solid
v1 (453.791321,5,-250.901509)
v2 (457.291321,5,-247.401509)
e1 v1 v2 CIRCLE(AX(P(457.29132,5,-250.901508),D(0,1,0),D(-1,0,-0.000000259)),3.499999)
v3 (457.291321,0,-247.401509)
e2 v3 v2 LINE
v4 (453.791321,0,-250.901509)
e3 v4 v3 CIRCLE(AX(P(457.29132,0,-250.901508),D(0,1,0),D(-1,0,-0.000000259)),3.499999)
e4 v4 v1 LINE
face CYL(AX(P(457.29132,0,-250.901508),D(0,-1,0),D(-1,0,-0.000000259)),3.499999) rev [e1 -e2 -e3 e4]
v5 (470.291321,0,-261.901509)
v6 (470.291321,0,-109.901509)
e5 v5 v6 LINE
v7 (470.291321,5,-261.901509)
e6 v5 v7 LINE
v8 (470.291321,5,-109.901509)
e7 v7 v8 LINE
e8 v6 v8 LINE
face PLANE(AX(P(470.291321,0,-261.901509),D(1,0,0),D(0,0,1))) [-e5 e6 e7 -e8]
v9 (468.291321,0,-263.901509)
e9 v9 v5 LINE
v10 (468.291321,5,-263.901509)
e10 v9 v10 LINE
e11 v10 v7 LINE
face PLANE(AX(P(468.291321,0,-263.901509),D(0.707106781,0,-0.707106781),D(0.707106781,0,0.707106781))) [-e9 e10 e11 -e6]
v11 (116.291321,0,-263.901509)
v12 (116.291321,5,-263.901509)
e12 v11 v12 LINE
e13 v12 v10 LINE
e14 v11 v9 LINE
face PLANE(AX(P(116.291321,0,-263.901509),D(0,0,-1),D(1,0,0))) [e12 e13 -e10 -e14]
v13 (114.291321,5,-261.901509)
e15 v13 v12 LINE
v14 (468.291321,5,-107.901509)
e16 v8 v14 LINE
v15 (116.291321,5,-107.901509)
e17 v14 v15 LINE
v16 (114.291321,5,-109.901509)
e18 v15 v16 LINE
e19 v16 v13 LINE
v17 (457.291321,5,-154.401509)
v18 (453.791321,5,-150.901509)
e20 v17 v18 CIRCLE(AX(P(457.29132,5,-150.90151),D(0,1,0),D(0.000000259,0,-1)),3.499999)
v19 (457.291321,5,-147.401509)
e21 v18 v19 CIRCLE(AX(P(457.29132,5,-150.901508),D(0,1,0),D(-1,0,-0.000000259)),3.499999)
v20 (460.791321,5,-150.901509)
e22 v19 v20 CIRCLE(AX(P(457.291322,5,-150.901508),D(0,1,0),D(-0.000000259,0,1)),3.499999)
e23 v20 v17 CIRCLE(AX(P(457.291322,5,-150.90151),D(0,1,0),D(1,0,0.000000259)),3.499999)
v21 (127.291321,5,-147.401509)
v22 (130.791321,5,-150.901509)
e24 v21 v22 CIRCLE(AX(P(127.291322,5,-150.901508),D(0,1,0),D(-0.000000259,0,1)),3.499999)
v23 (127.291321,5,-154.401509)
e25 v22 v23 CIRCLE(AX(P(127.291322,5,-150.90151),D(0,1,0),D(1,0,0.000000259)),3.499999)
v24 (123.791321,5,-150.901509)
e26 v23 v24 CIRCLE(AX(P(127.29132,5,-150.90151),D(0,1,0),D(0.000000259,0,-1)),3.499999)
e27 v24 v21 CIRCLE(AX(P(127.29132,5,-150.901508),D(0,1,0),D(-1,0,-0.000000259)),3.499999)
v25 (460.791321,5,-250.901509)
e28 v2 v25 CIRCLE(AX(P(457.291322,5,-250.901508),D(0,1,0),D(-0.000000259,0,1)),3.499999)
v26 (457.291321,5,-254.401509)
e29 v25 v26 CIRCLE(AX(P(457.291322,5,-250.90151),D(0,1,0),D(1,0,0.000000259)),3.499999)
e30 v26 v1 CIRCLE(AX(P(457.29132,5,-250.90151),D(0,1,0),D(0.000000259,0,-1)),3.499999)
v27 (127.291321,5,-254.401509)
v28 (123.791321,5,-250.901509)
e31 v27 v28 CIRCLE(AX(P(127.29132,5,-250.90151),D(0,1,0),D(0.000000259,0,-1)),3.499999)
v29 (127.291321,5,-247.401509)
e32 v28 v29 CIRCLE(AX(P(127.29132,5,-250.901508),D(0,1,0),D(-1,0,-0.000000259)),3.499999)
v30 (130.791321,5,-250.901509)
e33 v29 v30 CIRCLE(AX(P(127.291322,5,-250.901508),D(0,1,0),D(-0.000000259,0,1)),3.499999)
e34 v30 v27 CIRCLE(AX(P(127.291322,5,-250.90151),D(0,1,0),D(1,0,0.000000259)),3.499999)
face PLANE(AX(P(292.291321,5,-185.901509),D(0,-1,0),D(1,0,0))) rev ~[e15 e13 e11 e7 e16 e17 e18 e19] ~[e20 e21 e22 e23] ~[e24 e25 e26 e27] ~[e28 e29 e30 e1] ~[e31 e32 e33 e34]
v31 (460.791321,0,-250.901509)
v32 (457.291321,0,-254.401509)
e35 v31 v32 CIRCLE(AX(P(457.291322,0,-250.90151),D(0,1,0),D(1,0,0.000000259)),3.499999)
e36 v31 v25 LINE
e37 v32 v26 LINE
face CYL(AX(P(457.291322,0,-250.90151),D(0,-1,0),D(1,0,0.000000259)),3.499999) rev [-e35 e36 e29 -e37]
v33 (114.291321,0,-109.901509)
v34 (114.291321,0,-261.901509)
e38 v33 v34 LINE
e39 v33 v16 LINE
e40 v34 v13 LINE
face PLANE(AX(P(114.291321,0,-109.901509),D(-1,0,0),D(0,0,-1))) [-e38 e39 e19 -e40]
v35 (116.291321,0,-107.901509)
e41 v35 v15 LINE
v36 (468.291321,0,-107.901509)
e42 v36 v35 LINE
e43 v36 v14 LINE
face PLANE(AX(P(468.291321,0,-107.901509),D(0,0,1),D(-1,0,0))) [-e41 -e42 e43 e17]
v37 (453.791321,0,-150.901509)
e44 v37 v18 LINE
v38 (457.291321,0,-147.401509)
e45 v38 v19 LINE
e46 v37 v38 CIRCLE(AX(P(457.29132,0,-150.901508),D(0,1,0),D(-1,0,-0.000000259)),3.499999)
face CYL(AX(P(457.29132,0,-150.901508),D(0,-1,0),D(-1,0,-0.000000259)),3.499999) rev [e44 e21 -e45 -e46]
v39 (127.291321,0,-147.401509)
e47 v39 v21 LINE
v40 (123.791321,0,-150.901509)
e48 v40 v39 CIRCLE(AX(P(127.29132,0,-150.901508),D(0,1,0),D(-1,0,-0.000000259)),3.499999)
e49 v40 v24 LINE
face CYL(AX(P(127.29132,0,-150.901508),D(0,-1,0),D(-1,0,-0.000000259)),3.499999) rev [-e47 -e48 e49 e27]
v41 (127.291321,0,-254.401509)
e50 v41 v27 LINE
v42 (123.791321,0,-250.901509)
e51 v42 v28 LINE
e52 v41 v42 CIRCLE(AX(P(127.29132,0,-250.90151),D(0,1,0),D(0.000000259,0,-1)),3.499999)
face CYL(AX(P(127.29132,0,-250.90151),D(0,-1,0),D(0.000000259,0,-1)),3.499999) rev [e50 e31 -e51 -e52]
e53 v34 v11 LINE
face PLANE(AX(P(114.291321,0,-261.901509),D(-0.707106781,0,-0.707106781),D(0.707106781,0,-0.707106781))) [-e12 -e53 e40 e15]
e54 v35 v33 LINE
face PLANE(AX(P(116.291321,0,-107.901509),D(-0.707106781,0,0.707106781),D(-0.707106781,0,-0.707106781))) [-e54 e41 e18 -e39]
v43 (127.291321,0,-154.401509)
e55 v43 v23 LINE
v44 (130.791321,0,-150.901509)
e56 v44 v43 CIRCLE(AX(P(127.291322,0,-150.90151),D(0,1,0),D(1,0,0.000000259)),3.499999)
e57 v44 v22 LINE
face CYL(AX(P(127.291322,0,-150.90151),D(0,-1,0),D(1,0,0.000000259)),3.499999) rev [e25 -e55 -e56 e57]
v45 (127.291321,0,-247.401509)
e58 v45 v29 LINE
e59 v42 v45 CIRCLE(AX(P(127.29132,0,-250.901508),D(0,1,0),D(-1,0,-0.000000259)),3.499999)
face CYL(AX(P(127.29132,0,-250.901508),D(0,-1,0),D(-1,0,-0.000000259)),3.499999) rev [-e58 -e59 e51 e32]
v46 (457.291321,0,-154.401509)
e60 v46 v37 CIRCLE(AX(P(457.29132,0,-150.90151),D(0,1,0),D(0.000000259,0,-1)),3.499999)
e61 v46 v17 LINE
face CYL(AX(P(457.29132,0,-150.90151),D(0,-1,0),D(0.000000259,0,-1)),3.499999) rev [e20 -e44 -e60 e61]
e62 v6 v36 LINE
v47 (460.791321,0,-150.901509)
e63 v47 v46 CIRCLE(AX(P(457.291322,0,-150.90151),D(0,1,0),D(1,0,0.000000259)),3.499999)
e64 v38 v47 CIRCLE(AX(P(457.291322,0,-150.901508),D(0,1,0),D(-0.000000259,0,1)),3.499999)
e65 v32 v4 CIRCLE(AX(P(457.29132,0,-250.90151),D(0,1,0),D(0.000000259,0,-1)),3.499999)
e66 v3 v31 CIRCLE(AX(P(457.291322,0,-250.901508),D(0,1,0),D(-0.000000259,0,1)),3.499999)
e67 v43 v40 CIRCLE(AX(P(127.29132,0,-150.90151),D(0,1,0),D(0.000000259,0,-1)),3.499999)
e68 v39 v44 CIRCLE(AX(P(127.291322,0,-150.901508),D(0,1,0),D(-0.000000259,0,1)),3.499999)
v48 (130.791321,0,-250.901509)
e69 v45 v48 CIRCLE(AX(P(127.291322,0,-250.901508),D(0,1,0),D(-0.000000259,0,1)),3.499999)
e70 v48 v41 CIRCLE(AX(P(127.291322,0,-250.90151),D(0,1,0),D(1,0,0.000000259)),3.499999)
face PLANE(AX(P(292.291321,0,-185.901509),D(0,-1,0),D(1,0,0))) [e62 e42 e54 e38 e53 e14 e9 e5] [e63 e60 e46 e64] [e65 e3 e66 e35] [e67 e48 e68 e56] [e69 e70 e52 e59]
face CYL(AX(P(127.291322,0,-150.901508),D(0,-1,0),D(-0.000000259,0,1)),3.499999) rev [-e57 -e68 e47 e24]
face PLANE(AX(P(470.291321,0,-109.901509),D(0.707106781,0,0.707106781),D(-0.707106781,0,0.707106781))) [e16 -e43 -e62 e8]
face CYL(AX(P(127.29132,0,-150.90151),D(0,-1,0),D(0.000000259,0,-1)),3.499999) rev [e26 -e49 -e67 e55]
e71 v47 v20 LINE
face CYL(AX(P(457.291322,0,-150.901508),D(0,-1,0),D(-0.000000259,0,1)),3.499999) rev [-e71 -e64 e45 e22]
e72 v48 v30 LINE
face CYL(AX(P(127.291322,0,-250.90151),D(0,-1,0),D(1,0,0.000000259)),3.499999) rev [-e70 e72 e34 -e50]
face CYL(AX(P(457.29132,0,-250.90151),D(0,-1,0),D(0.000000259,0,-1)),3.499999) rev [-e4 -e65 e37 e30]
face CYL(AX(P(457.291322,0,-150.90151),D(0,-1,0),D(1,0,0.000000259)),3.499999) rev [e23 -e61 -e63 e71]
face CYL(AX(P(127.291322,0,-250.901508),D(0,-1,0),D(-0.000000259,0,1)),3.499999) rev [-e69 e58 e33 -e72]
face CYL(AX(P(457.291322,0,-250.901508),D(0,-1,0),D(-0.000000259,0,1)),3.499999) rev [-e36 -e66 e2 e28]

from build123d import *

# Parameters (mm, degrees)
F1_DEPTH = 5


with BuildPart() as f1:
    # F0 (on Front) → F1 (new body)
    with BuildSketch(Plane.XZ):
        Polygon((468.291321, -107.901509), (116.291321, -107.901509), (114.291321, -109.901509), (114.291321, -261.901509), (116.291321, -263.901509), (468.291321, -263.901509), (470.291321, -261.901509), (470.291321, -109.901509), align=None)
        with BuildLine():
            ThreePointArc((127.291321, -247.401509), (129.766195, -248.426635), (130.791321, -250.901509))
            ThreePointArc((130.791321, -250.901509), (129.766195, -253.376383), (127.291321, -254.401509))
            ThreePointArc((127.291321, -254.401509), (124.816447, -253.376383), (123.791321, -250.901509))
            ThreePointArc((123.791321, -250.901509), (124.816447, -248.426635), (127.291321, -247.401509))
        make_face(mode=Mode.SUBTRACT)
        with BuildLine():
            ThreePointArc((457.291321, -247.401509), (459.766195, -248.426635), (460.791321, -250.901509))
            ThreePointArc((460.791321, -250.901509), (459.766195, -253.376383), (457.291321, -254.401509))
            ThreePointArc((457.291321, -254.401509), (454.816447, -253.376383), (453.791321, -250.901509))
            ThreePointArc((453.791321, -250.901509), (454.816447, -248.426635), (457.291321, -247.401509))
        make_face(mode=Mode.SUBTRACT)
        with BuildLine():
            ThreePointArc((127.291321, -147.401509), (129.766195, -148.426635), (130.791321, -150.901509))
            ThreePointArc((130.791321, -150.901509), (129.766195, -153.376383), (127.291321, -154.401509))
            ThreePointArc((127.291321, -154.401509), (124.816447, -153.376383), (123.791321, -150.901509))
            ThreePointArc((123.791321, -150.901509), (124.816447, -148.426635), (127.291321, -147.401509))
        make_face(mode=Mode.SUBTRACT)
        with BuildLine():
            ThreePointArc((457.291321, -147.401509), (459.766195, -148.426635), (460.791321, -150.901509))
            ThreePointArc((460.791321, -150.901509), (459.766195, -153.376383), (457.291321, -154.401509))
            ThreePointArc((457.291321, -154.401509), (454.816447, -153.376383), (453.791321, -150.901509))
            ThreePointArc((453.791321, -150.901509), (454.816447, -148.426635), (457.291321, -147.401509))
        make_face(mode=Mode.SUBTRACT)
    extrude(amount=-F1_DEPTH)


solid = f1.part
